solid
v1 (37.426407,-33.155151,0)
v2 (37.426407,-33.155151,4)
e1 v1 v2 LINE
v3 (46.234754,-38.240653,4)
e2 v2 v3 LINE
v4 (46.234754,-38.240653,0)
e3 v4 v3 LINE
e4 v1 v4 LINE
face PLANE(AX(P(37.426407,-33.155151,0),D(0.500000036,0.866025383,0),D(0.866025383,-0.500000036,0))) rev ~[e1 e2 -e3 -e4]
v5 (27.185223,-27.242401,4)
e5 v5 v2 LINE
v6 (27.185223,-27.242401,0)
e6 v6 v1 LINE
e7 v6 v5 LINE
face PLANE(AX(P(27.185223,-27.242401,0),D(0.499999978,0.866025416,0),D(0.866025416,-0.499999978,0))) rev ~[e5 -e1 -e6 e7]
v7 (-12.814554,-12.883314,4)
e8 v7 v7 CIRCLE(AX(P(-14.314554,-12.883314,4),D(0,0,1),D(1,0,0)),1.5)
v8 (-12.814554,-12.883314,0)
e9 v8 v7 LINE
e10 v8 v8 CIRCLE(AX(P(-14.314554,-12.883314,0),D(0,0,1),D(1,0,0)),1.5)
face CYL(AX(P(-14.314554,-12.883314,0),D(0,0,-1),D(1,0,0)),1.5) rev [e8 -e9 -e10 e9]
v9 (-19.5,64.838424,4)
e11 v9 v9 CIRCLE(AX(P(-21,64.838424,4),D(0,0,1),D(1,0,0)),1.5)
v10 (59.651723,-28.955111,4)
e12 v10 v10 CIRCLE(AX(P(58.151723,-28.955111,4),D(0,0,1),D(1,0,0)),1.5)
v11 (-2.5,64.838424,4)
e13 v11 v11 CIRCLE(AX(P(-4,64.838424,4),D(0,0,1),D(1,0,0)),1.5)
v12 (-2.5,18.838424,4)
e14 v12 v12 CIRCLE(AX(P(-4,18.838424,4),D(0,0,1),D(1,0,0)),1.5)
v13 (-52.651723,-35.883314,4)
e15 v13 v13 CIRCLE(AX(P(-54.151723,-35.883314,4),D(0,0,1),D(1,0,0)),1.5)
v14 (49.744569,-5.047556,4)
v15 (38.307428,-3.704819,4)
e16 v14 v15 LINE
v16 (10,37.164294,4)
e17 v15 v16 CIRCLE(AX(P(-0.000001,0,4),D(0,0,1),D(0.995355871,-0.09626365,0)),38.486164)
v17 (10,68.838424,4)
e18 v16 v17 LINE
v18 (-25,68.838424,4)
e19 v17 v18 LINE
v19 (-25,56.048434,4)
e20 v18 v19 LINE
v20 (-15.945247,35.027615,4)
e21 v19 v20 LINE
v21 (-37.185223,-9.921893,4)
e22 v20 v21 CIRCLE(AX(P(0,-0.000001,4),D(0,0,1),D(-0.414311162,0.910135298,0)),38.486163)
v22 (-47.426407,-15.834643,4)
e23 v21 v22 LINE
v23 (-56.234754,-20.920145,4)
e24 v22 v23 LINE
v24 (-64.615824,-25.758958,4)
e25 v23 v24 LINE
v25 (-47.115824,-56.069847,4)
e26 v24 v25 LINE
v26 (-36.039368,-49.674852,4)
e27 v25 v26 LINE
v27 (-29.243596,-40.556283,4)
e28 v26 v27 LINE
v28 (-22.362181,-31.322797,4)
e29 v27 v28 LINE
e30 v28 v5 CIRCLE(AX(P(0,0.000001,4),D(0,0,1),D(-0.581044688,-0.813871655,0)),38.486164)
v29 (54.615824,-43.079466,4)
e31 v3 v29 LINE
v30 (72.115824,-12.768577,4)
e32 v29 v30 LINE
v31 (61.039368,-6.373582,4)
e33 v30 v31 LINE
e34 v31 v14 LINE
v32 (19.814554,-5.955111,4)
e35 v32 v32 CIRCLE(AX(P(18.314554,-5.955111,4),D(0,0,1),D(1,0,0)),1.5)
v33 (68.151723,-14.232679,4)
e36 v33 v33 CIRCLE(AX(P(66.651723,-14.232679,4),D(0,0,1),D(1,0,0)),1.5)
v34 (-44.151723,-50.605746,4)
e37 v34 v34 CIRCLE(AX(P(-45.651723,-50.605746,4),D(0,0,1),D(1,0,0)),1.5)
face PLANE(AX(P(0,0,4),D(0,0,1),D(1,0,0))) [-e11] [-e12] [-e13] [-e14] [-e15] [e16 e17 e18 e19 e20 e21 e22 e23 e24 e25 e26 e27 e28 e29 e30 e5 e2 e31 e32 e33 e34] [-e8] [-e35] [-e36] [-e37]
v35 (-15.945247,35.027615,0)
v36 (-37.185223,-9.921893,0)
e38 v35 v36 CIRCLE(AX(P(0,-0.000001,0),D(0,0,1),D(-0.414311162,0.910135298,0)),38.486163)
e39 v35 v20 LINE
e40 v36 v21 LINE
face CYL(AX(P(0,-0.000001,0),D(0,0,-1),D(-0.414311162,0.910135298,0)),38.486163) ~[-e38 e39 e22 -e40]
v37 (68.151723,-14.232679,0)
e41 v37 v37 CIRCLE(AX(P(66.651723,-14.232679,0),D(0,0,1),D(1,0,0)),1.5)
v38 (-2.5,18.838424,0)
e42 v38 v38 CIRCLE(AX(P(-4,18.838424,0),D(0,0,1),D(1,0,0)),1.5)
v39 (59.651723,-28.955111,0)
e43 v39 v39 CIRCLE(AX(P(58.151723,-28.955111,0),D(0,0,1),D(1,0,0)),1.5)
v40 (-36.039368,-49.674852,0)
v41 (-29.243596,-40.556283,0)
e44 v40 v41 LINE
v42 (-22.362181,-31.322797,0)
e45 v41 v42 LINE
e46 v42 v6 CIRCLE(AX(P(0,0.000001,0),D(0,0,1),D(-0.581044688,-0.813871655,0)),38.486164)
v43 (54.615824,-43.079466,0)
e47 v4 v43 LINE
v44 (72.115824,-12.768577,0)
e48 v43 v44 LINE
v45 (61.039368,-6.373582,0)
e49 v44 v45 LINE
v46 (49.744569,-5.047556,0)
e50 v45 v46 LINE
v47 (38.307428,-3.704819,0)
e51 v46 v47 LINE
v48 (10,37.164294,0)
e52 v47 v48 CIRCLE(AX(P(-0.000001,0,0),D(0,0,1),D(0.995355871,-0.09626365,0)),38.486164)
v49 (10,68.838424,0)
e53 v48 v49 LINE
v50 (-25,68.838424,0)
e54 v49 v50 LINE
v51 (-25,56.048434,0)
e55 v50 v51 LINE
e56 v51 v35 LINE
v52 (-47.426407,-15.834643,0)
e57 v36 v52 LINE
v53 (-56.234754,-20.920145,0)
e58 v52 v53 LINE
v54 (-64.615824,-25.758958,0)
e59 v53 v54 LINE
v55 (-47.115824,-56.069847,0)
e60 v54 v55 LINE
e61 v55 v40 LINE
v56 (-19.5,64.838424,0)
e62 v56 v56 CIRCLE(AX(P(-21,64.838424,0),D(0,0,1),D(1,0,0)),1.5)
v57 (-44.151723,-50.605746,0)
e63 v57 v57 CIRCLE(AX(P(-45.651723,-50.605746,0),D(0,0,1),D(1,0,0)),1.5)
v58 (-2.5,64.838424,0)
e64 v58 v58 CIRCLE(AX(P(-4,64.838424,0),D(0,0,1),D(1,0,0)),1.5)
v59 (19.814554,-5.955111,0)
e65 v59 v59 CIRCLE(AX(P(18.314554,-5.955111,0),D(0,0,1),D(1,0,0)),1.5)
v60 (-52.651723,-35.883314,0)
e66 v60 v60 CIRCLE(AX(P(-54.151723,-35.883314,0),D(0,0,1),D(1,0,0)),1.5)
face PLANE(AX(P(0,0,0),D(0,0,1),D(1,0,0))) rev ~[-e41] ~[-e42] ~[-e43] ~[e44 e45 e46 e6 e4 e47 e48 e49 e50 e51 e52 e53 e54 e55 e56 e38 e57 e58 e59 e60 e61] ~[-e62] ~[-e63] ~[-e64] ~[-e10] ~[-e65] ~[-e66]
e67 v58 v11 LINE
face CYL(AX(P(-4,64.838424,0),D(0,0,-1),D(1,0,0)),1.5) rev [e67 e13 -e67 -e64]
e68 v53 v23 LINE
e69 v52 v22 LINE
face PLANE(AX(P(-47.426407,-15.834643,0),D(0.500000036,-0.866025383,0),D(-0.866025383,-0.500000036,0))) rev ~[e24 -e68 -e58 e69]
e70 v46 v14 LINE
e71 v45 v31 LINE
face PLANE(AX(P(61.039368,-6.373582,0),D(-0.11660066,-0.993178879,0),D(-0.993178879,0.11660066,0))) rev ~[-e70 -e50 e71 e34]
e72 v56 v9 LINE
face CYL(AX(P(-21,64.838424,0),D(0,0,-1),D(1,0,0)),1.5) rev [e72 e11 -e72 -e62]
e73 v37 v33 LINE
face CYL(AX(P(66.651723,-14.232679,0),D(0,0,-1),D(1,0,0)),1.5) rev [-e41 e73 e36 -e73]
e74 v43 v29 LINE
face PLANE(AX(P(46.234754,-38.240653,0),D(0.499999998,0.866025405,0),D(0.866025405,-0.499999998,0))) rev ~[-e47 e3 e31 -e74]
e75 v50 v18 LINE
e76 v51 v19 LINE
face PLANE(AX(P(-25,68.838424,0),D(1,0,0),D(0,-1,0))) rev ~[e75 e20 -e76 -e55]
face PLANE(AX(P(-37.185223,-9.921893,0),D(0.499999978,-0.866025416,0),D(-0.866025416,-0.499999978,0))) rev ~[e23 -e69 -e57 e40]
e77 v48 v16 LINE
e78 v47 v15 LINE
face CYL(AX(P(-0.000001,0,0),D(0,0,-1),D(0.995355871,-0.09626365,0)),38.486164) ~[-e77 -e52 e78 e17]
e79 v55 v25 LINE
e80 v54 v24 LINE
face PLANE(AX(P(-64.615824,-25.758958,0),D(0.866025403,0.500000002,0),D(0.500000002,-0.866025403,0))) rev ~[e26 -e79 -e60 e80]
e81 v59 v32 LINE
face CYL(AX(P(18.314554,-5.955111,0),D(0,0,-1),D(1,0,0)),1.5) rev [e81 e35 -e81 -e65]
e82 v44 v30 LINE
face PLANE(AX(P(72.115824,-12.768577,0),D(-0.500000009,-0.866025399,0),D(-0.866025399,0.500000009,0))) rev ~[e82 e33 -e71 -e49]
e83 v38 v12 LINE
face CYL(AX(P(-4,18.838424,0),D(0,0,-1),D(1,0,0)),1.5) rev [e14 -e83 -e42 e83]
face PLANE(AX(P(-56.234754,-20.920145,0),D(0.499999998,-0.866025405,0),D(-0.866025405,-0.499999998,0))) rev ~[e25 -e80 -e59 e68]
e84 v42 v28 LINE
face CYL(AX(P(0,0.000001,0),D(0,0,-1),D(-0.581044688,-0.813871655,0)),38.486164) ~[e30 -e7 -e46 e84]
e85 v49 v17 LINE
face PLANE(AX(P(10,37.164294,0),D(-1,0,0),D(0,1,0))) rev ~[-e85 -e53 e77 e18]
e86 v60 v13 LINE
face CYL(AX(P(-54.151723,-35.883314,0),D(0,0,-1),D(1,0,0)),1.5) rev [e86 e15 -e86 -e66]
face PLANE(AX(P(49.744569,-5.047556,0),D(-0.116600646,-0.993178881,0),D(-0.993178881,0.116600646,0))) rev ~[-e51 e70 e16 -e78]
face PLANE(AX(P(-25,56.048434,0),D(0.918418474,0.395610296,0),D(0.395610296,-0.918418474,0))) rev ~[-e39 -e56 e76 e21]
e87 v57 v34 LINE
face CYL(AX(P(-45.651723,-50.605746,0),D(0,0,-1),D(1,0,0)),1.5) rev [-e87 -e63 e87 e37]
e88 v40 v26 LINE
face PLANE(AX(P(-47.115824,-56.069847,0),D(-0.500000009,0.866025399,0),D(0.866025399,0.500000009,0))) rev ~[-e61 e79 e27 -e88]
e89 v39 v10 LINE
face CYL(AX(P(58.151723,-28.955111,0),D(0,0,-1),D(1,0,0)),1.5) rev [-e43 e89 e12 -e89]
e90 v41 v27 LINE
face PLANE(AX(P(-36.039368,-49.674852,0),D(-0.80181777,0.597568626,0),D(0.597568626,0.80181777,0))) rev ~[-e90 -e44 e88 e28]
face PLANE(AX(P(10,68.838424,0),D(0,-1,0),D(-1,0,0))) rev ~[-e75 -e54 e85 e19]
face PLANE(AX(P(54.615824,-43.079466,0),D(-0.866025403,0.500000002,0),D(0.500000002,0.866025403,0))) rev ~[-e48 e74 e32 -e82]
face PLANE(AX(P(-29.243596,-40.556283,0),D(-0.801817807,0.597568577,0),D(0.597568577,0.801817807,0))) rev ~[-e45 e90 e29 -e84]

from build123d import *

# Parameters (mm, degrees)
F0_R     = 1.5
F1_DEPTH = 4


with BuildPart() as f1:
    # F0 (on Top) → F1 (new body)
    with BuildSketch(Plane.XY):
        with BuildLine():
            Line((10, 68.838424), (-25, 68.838424))
            Line((-25, 68.838424), (-25, 56.048434))
            Line((-25, 56.048434), (-15.945247, 35.027615))
            ThreePointArc((-15.945247, 35.027615), (-34.796929, 16.442581), (-37.185223, -9.921893))
            Line((-37.185223, -9.921893), (-47.426407, -15.834643))
            Line((-47.426407, -15.834643), (-56.234754, -20.920145))
            Line((-56.234754, -20.920145), (-64.615824, -25.758958))
            Line((-64.615824, -25.758958), (-47.115824, -56.069847))
            Line((-47.115824, -56.069847), (-36.039368, -49.674852))
            Line((-36.039368, -49.674852), (-29.243596, -40.556283))
            Line((-29.243596, -40.556283), (-22.362181, -31.322797))
            ThreePointArc((-22.362181, -31.322797), (3.158772, -38.356315), (27.185223, -27.242401))
            Line((27.185223, -27.242401), (37.426407, -33.155151))
            Line((37.426407, -33.155151), (46.234754, -38.240653))
            Line((46.234754, -38.240653), (54.615824, -43.079466))
            Line((54.615824, -43.079466), (72.115824, -12.768577))
            Line((72.115824, -12.768577), (61.039368, -6.373582))
            Line((61.039368, -6.373582), (49.744569, -5.047556))
            Line((49.744569, -5.047556), (38.307428, -3.704819))
            ThreePointArc((38.307428, -3.704819), (31.638157, 21.913734), (10, 37.164294))
            Line((10, 37.164294), (10, 59.160798))
            Line((10, 59.160798), (10, 68.838424))
        make_face()
        with Locations((-45.651723, -50.605746)):
            Circle(F0_R, mode=Mode.SUBTRACT)
        with Locations((-54.151723, -35.883314)):
            Circle(F0_R, mode=Mode.SUBTRACT)
        with Locations((-14.314554, -12.883314)):
            Circle(F0_R, mode=Mode.SUBTRACT)
        with Locations((58.151723, -28.955111)):
            Circle(F0_R, mode=Mode.SUBTRACT)
        with Locations((18.314554, -5.955111)):
            Circle(F0_R, mode=Mode.SUBTRACT)
        with Locations((66.651723, -14.232679)):
            Circle(F0_R, mode=Mode.SUBTRACT)
        with Locations((-4, 18.838424)):
            Circle(F0_R, mode=Mode.SUBTRACT)
        with Locations((-21, 64.838424)):
            Circle(F0_R, mode=Mode.SUBTRACT)
        with Locations((-4, 64.838424)):
            Circle(F0_R, mode=Mode.SUBTRACT)
    extrude(amount=F1_DEPTH)


solid = f1.part
